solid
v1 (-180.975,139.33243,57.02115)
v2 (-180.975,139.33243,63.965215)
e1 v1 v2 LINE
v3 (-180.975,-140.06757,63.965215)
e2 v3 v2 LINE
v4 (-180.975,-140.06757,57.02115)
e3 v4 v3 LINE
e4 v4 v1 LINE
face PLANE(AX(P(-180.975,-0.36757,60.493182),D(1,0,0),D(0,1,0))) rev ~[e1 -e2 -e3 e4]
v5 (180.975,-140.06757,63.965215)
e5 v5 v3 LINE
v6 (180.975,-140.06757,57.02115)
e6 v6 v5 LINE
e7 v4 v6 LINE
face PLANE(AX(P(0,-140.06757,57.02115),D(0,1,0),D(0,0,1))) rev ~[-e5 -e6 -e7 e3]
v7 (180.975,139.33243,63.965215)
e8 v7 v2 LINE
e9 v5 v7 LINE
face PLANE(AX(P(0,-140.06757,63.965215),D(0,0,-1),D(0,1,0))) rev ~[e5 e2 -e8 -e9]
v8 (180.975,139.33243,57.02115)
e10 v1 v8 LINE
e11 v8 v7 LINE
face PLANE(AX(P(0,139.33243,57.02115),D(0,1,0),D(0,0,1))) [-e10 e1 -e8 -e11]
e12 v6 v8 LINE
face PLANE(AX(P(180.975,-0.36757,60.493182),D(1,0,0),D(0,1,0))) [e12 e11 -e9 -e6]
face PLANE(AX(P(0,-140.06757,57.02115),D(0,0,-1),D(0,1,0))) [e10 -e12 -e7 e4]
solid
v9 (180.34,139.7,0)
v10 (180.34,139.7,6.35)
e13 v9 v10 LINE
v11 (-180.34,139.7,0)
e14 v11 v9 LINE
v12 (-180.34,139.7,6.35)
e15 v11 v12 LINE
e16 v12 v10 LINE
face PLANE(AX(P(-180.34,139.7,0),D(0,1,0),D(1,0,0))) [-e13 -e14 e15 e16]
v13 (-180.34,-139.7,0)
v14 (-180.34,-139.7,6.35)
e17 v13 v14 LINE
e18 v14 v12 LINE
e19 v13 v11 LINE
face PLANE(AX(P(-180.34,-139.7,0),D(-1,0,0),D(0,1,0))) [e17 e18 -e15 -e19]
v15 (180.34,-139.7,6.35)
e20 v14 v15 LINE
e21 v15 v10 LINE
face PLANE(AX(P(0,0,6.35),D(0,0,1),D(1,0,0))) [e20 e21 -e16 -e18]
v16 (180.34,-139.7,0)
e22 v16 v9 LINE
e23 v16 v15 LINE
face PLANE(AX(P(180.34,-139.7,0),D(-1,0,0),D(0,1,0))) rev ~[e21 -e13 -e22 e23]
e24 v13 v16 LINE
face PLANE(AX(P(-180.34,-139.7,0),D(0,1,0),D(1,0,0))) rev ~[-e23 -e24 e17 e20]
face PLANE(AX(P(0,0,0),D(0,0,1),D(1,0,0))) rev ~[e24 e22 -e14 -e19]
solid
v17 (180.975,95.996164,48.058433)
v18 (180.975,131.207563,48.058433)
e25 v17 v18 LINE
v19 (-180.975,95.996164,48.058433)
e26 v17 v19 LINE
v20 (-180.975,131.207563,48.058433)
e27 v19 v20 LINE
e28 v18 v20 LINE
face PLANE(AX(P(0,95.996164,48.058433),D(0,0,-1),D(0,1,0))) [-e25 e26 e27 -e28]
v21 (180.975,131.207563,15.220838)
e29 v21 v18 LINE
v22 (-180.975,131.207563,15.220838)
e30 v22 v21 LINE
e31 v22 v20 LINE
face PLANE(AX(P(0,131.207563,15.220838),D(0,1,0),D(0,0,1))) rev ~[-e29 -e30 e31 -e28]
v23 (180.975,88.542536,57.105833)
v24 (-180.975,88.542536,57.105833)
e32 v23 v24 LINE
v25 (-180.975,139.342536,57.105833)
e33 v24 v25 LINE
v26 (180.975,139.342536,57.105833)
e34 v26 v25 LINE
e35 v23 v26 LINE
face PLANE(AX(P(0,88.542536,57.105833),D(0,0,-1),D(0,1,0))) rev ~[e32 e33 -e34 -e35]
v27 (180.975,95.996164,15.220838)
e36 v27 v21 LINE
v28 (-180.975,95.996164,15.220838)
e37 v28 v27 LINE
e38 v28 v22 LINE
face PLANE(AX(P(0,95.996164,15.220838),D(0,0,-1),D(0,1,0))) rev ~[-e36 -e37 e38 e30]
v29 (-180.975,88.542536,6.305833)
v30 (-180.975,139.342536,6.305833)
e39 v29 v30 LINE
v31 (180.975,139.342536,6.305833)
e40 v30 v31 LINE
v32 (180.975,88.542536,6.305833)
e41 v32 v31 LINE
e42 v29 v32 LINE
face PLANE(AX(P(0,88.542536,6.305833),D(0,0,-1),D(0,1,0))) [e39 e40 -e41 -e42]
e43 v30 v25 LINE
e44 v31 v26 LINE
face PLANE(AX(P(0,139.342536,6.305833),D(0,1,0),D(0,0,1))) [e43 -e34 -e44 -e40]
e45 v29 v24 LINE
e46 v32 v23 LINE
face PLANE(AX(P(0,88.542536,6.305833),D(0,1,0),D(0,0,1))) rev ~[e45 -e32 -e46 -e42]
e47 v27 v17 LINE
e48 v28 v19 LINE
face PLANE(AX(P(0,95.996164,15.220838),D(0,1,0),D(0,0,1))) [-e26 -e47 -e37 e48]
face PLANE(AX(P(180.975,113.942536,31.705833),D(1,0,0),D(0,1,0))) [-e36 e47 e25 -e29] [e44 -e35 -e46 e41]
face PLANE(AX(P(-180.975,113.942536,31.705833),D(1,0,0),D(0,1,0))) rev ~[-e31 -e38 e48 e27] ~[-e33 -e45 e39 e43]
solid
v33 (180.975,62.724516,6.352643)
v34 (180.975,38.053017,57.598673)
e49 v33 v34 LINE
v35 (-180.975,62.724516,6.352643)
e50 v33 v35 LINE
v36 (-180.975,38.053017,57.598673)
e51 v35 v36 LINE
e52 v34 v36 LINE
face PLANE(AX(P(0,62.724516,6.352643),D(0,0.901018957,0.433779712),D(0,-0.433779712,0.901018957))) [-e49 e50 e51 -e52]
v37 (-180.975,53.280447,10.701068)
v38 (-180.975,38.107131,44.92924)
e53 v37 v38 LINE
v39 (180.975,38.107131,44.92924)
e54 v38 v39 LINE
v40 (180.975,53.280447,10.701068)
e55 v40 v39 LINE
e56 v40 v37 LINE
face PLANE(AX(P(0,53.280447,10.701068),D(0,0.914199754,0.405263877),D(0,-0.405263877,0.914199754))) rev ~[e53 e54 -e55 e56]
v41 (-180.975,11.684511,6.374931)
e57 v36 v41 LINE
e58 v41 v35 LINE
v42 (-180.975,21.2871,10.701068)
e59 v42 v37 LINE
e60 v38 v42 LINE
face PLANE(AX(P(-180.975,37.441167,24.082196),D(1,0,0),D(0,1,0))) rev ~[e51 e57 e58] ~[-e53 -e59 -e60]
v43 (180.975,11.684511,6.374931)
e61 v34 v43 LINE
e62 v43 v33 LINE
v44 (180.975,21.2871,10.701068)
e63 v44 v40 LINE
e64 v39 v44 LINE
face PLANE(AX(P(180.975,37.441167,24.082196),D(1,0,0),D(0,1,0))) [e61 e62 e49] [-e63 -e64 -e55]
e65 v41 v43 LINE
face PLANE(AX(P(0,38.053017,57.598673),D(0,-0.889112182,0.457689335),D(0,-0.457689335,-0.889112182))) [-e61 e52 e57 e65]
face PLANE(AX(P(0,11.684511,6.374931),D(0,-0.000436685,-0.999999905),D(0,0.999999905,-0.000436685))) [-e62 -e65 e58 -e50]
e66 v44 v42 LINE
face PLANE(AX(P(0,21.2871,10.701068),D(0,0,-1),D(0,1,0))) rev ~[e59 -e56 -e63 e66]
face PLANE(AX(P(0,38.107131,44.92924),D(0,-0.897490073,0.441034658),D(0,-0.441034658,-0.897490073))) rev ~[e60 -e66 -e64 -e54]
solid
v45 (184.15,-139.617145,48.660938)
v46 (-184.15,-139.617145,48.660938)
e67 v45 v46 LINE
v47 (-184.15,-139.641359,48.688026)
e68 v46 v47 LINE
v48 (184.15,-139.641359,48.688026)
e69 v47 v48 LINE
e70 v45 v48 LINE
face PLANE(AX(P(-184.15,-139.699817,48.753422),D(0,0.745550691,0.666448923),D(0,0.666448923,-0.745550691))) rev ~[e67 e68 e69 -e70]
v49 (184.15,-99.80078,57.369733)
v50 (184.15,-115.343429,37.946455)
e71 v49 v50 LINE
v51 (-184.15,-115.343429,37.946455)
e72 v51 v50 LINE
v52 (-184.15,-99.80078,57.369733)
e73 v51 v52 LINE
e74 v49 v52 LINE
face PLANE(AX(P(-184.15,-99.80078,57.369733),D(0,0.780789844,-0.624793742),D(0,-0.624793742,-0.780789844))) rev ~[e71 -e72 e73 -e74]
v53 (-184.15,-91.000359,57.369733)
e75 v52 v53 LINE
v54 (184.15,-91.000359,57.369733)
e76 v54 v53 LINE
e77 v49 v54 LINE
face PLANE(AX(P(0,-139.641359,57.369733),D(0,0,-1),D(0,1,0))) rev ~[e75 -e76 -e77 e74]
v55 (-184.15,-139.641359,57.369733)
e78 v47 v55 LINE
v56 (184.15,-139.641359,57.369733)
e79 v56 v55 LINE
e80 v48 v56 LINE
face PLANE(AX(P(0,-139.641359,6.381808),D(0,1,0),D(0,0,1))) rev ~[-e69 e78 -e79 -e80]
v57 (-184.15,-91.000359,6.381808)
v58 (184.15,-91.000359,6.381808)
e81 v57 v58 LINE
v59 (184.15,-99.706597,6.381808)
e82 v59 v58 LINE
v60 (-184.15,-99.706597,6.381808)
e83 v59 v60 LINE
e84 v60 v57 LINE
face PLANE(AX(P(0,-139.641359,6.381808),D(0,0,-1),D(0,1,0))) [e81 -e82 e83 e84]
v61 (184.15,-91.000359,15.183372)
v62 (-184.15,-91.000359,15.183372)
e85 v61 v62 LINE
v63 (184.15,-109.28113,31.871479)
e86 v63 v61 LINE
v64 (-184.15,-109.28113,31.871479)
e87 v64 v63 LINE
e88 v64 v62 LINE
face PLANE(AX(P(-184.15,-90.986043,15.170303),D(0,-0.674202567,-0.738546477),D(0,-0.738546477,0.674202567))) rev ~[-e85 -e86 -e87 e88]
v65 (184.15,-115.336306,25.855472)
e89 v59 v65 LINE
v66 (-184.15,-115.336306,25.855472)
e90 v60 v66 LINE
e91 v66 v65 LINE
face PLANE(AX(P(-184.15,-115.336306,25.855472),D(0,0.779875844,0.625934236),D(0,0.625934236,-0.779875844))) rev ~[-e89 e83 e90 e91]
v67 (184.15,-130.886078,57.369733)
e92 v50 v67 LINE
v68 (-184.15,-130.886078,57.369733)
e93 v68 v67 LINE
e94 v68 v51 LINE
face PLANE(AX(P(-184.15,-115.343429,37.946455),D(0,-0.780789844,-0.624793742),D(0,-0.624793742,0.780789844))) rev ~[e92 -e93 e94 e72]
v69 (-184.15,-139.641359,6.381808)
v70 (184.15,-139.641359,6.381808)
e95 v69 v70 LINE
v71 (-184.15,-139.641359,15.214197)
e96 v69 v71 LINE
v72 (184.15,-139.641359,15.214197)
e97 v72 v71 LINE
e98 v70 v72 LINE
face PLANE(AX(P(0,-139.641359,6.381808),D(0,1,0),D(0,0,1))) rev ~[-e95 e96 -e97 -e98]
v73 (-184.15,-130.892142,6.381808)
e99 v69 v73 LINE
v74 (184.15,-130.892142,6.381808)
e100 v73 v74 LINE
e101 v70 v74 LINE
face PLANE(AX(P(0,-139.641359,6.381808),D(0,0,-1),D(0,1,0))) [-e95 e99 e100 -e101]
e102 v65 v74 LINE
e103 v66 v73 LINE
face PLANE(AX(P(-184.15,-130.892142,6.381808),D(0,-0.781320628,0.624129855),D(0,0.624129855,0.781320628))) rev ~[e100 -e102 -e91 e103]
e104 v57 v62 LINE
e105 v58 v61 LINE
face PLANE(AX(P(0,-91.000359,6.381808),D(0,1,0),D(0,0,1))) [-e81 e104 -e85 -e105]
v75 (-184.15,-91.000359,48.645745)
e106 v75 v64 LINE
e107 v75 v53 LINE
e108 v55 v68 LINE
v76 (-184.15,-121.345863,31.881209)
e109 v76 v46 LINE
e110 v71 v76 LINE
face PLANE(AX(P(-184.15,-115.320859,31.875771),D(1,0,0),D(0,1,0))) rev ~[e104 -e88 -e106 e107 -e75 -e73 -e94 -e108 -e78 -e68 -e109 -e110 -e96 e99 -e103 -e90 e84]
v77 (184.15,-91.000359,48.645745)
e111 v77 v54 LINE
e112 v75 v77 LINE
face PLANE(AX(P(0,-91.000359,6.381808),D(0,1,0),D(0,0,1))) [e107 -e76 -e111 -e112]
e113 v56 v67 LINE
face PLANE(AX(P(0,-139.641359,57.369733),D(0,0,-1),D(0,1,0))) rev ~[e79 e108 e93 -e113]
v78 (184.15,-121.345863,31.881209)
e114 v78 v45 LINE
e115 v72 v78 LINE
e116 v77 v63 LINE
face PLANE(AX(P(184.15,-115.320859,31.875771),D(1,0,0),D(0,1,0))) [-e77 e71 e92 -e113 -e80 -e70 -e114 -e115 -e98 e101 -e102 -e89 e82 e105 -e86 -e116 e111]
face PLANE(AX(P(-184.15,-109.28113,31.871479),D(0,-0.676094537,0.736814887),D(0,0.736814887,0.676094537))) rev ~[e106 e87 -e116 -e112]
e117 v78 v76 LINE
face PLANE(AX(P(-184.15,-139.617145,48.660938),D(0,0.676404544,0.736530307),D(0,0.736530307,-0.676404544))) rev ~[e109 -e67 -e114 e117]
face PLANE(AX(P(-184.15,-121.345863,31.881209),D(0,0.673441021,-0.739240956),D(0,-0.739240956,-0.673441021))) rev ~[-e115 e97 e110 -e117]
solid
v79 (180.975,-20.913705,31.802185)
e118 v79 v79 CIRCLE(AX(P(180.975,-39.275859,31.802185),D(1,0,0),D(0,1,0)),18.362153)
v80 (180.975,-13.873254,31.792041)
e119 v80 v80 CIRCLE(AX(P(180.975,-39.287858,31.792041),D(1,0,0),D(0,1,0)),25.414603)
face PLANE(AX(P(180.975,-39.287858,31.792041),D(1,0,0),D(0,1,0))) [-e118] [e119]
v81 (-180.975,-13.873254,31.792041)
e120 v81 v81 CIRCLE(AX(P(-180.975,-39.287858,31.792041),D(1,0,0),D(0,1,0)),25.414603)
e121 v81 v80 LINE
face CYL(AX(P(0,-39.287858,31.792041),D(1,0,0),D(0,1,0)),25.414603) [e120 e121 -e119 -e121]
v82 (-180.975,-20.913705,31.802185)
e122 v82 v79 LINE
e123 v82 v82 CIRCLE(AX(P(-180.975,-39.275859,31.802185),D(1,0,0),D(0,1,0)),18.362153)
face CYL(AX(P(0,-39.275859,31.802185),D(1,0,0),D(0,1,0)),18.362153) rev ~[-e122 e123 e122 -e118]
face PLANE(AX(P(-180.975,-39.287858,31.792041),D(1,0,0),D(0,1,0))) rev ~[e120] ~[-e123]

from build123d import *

# Parameters (mm, degrees)
F0_W      = 360.68
F0_H      = 279.4
F1_DEPTH  = 6.35
F2_W      = 50.8
F2_H      = 50.8
F3_DEPTH  = 180.975
F5_DEPTH  = 180.975
F6_W      = 35.2113991976
F6_H      = 32.8375957906
F7_DEPTH  = 180.975
F9_DEPTH  = 180.975
F10_R     = 25.414603267
F12_DEPTH = 180.975
F11_R     = 18.362153416
F13_DEPTH = 180.975
F14_W     = 48.641
F14_H     = 50.9879244491
F15_DEPTH = 184.15
F17_DEPTH = 368.3
F22_DEPTH = 381
F23_DEPTH = 381
F24_DEPTH = 381
F25_W     = 279.4
F25_H     = 6.9440653814
F26_DEPTH = 180.975


with BuildPart() as f1:
    # F0 (on Top) → F1 (new body)
    with BuildSketch(Plane.XY):
        Rectangle(F0_W, F0_H)
    extrude(amount=F1_DEPTH)


with BuildPart() as f3:
    # F2 (on Right) → F3 (new body, symmetric)
    with BuildSketch(Plane.YZ):
        with Locations((113.9425359011, 31.7058333471)):
            Rectangle(F2_W, F2_H)
    extrude(amount=F3_DEPTH, both=True)

    # F6 (on Right) → F7 (cut, symmetric)
    with BuildSketch(Plane.YZ):
        with Locations((113.6018633842, 31.6396355629)):
            Rectangle(F6_W, F6_H)
    extrude(amount=F7_DEPTH, both=True, mode=Mode.SUBTRACT)


with BuildPart() as f5:
    # F4 (on Right) → F5 (new body, symmetric)
    with BuildSketch(Plane.YZ):
        Polygon((38.0530171096, 57.5986728072), (11.6845108569, 6.3749314286), (62.7245157957, 6.3526430167), align=None)
    extrude(amount=F5_DEPTH, both=True)

    # F8 (on Right) → F9 (cut, symmetric)
    with BuildSketch(Plane.YZ):
        Polygon((53.2804466784, 10.7010677457), (38.1071306765, 44.9292398989), (21.2871003896, 10.7010677457), align=None)
    extrude(amount=F9_DEPTH, both=True, mode=Mode.SUBTRACT)


with BuildPart() as f12:
    # F10 (on Right) → F12 (new body, symmetric)
    with BuildSketch(Plane.YZ):
        with Locations((-39.2878577113, 31.7920409143)):
            Circle(F10_R)
    extrude(amount=F12_DEPTH, both=True)

    # F11 (on Right) → F13 (cut, symmetric)
    with BuildSketch(Plane.YZ):
        with Locations((-39.2758585513, 31.8021848798)):
            Circle(F11_R)
    extrude(amount=F13_DEPTH, both=True, mode=Mode.SUBTRACT)


with BuildPart() as f15:
    # F14 (on Right) → F15 (new body, symmetric)
    with BuildSketch(Plane.YZ):
        with Locations((-115.3208594484, 31.875770539)):
            Rectangle(F14_W, F14_H)
    extrude(amount=F15_DEPTH, both=True)

    # F16 (on face) → F17 (cut, symmetric)
    with BuildSketch(Plane(origin=(-184.15, 0, 0), x_dir=(0, -1, 0), z_dir=(-1, 0, 0))):
        Polygon((130.8860778809, 57.3697327636), (99.8007804155, 57.3697327636), (115.3434291482, 37.9464551806), align=None)
    extrude(amount=F17_DEPTH, both=True, mode=Mode.SUBTRACT)

    # F21 (on face) → F22 (cut, symmetric)
    with BuildSketch(Plane(origin=(-184.15, 0, 0), x_dir=(0, -1, 0), z_dir=(-1, 0, 0))):
        Polygon((139.6998167038, 48.7534217536), (139.6171450615, 48.6609376967), (121.3458627462, 31.8812094629), (139.6998167038, 15.1609433815), (139.6998167038, 48.6609376967), (139.6998167038, 48.7179011106), align=None)
    extrude(amount=F22_DEPTH, both=True, mode=Mode.SUBTRACT)

    # F20 (on face) → F23 (cut, symmetric)
    with BuildSketch(Plane(origin=(-184.15, 0, 0), x_dir=(0, -1, 0), z_dir=(-1, 0, 0))):
        Polygon((109.2811301351, 31.8714790046), (90.9482911229, 48.6935228109), (90.9860432148, 15.1703031734), align=None)
    extrude(amount=F23_DEPTH, both=True, mode=Mode.SUBTRACT)

    # F19 (on face) → F24 (cut, symmetric)
    with BuildSketch(Plane(origin=(-184.15, 0, 0), x_dir=(0, -1, 0), z_dir=(-1, 0, 0))):
        Polygon((115.3363063931, 25.8554723114), (99.7065967548, 6.3818083145), (130.8921417904, 6.3818083145), align=None)
    extrude(amount=F24_DEPTH, both=True, mode=Mode.SUBTRACT)


with BuildPart() as f26:
    # F25 (on Right) → F26 (new body, symmetric)
    with BuildSketch(Plane.YZ):
        with Locations((-0.3675696945, 60.4931823909)):
            Rectangle(F25_W, F25_H)
    extrude(amount=F26_DEPTH, both=True)


solid = Compound([f1.part, f3.part, f5.part, f12.part, f15.part, f26.part])
